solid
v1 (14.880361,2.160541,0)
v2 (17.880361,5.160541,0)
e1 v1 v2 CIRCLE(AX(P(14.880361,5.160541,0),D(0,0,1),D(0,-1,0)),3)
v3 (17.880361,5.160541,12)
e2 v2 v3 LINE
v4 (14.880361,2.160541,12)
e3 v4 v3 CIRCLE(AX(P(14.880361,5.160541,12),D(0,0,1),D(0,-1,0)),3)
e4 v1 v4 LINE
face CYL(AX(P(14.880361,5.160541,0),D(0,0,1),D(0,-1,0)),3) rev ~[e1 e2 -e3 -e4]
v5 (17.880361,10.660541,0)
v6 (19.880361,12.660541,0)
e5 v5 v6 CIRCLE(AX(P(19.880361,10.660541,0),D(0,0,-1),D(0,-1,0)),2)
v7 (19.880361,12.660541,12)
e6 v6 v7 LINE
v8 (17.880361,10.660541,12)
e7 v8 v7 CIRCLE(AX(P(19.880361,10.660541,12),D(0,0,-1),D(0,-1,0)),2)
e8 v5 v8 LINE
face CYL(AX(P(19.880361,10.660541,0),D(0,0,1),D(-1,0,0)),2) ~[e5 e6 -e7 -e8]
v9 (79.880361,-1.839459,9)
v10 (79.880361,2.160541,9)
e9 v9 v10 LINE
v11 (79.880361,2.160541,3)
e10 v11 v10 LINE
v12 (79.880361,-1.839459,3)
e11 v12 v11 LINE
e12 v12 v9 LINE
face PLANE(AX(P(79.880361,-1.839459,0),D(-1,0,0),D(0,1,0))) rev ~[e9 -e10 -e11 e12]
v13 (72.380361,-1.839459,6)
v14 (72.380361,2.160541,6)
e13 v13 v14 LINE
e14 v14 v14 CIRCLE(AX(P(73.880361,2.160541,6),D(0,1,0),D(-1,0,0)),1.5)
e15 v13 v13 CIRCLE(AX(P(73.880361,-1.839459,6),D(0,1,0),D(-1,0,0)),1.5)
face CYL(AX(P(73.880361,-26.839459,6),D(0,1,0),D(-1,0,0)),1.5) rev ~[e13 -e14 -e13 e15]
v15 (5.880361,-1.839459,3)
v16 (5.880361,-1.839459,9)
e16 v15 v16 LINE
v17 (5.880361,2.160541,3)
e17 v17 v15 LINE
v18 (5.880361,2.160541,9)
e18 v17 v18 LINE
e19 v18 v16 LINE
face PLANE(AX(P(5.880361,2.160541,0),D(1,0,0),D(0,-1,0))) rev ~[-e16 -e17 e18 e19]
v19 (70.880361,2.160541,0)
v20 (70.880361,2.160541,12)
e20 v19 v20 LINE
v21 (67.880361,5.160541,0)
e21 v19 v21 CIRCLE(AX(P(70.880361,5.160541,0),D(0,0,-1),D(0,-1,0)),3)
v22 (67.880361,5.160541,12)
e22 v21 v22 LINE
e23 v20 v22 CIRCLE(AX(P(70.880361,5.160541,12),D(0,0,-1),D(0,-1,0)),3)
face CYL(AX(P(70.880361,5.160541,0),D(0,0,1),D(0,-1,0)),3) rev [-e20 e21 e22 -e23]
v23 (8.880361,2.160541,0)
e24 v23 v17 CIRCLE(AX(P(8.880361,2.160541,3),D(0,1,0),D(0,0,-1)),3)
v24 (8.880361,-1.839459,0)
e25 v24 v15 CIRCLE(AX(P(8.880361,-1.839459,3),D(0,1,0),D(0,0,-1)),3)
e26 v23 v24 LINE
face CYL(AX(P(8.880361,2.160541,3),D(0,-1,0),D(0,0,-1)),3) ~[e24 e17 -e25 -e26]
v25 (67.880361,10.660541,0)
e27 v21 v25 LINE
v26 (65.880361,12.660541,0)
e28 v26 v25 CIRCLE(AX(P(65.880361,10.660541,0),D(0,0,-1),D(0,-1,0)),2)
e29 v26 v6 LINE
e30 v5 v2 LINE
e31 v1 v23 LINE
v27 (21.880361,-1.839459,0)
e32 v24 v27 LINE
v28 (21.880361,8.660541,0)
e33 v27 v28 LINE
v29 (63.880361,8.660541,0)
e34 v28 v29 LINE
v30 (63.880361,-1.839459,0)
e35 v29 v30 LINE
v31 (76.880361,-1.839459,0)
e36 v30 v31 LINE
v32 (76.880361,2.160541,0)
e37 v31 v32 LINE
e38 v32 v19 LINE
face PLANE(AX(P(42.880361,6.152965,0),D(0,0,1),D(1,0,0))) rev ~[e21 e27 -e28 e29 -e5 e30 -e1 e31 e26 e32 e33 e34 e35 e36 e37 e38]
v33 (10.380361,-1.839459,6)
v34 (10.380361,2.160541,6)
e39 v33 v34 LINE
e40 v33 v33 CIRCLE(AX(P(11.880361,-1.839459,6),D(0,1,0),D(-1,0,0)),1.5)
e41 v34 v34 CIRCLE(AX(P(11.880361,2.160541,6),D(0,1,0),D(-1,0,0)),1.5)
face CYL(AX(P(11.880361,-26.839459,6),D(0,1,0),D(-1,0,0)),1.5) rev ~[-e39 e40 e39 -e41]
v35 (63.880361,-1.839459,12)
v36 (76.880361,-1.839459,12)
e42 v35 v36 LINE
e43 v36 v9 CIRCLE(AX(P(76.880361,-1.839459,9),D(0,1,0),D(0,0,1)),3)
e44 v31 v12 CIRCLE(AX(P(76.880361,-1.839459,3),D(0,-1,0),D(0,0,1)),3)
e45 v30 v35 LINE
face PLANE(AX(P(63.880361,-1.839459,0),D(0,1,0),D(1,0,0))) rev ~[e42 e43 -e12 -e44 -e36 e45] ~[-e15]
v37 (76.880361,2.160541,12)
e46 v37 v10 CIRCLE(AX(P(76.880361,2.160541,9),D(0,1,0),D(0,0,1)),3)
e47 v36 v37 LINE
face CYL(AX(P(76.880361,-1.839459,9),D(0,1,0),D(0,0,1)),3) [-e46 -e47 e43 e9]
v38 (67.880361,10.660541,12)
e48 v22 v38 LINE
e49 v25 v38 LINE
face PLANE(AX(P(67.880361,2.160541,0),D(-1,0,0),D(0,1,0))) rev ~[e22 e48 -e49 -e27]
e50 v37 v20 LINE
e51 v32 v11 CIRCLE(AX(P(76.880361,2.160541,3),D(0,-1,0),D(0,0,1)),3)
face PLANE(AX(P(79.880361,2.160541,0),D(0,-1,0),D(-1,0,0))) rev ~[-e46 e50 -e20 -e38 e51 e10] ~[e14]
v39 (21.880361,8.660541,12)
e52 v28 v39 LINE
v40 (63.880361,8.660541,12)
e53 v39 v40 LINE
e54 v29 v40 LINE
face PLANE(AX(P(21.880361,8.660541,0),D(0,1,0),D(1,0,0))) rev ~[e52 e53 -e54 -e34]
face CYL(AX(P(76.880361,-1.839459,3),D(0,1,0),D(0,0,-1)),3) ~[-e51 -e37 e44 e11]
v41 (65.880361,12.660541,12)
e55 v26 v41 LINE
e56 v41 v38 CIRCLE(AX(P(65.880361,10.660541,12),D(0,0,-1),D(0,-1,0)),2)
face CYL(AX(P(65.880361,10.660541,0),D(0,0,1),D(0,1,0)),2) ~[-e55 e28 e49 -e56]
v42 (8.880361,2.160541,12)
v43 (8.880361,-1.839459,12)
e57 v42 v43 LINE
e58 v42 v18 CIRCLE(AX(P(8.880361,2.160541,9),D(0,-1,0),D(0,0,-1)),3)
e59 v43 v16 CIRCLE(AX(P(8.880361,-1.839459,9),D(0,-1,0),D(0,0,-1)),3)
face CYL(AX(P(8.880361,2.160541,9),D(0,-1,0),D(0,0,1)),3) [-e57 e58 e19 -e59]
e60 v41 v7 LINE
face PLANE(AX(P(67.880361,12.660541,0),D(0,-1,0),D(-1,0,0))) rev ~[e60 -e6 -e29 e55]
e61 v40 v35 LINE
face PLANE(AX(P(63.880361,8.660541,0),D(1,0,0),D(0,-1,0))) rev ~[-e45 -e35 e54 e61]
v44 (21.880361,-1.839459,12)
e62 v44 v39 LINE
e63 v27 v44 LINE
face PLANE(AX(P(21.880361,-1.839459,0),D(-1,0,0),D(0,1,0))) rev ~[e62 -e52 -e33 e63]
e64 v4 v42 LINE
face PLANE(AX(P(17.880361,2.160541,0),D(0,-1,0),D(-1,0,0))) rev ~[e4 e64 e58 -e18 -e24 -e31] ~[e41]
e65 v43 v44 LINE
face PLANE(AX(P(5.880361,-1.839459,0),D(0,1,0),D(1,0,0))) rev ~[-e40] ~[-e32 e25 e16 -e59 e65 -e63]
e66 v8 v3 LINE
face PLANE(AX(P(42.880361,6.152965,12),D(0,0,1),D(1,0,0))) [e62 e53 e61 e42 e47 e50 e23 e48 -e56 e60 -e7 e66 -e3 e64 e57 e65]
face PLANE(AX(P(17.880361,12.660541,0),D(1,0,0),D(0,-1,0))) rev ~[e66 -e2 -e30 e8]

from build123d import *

# Parameters (mm, degrees)
F1_DEPTH = 12
F3_D     = 3
F3_DEPTH = 25
F4_R     = 3
F5_R     = 2


with BuildPart() as f1:
    # F0 (on Top) → F1 (new body)
    with BuildSketch(Plane.XY):
        Polygon((17.880361, 2.160541), (5.880361, 2.160541), (5.880361, -1.839459), (21.880361, -1.839459), (21.880361, 8.660541), (63.880361, 8.660541), (63.880361, -1.839459), (79.880361, -1.839459), (79.880361, 2.160541), (67.880361, 2.160541), (67.880361, 12.660541), (17.880361, 12.660541), align=None)
    extrude(amount=F1_DEPTH)

    # F3
    with Locations(Plane.XZ.offset(1.839459)):
        with Locations((11.880361, 6), (73.880361, 6)):
            Hole(F3_D / 2, depth=F3_DEPTH)

    # F4
    f4_edges = [f1.edges().sort_by_distance(p)[0] for p in [
        (67.880361, 2.160541, 6),
        (79.880361, 0.160541, 12),
        (79.880361, 0.160541, 0),
        (5.880361, 0.160541, 0),
        (17.880361, 2.160541, 6),
        (5.880361, 0.160541, 12),
    ]]
    fillet(f4_edges, radius=F4_R)

    # F5
    f5_edges = [f1.edges().sort_by_distance(p)[0] for p in [
        (17.880361, 12.660541, 6),
        (67.880361, 12.660541, 6),
    ]]
    fillet(f5_edges, radius=F5_R)


solid = f1.part
